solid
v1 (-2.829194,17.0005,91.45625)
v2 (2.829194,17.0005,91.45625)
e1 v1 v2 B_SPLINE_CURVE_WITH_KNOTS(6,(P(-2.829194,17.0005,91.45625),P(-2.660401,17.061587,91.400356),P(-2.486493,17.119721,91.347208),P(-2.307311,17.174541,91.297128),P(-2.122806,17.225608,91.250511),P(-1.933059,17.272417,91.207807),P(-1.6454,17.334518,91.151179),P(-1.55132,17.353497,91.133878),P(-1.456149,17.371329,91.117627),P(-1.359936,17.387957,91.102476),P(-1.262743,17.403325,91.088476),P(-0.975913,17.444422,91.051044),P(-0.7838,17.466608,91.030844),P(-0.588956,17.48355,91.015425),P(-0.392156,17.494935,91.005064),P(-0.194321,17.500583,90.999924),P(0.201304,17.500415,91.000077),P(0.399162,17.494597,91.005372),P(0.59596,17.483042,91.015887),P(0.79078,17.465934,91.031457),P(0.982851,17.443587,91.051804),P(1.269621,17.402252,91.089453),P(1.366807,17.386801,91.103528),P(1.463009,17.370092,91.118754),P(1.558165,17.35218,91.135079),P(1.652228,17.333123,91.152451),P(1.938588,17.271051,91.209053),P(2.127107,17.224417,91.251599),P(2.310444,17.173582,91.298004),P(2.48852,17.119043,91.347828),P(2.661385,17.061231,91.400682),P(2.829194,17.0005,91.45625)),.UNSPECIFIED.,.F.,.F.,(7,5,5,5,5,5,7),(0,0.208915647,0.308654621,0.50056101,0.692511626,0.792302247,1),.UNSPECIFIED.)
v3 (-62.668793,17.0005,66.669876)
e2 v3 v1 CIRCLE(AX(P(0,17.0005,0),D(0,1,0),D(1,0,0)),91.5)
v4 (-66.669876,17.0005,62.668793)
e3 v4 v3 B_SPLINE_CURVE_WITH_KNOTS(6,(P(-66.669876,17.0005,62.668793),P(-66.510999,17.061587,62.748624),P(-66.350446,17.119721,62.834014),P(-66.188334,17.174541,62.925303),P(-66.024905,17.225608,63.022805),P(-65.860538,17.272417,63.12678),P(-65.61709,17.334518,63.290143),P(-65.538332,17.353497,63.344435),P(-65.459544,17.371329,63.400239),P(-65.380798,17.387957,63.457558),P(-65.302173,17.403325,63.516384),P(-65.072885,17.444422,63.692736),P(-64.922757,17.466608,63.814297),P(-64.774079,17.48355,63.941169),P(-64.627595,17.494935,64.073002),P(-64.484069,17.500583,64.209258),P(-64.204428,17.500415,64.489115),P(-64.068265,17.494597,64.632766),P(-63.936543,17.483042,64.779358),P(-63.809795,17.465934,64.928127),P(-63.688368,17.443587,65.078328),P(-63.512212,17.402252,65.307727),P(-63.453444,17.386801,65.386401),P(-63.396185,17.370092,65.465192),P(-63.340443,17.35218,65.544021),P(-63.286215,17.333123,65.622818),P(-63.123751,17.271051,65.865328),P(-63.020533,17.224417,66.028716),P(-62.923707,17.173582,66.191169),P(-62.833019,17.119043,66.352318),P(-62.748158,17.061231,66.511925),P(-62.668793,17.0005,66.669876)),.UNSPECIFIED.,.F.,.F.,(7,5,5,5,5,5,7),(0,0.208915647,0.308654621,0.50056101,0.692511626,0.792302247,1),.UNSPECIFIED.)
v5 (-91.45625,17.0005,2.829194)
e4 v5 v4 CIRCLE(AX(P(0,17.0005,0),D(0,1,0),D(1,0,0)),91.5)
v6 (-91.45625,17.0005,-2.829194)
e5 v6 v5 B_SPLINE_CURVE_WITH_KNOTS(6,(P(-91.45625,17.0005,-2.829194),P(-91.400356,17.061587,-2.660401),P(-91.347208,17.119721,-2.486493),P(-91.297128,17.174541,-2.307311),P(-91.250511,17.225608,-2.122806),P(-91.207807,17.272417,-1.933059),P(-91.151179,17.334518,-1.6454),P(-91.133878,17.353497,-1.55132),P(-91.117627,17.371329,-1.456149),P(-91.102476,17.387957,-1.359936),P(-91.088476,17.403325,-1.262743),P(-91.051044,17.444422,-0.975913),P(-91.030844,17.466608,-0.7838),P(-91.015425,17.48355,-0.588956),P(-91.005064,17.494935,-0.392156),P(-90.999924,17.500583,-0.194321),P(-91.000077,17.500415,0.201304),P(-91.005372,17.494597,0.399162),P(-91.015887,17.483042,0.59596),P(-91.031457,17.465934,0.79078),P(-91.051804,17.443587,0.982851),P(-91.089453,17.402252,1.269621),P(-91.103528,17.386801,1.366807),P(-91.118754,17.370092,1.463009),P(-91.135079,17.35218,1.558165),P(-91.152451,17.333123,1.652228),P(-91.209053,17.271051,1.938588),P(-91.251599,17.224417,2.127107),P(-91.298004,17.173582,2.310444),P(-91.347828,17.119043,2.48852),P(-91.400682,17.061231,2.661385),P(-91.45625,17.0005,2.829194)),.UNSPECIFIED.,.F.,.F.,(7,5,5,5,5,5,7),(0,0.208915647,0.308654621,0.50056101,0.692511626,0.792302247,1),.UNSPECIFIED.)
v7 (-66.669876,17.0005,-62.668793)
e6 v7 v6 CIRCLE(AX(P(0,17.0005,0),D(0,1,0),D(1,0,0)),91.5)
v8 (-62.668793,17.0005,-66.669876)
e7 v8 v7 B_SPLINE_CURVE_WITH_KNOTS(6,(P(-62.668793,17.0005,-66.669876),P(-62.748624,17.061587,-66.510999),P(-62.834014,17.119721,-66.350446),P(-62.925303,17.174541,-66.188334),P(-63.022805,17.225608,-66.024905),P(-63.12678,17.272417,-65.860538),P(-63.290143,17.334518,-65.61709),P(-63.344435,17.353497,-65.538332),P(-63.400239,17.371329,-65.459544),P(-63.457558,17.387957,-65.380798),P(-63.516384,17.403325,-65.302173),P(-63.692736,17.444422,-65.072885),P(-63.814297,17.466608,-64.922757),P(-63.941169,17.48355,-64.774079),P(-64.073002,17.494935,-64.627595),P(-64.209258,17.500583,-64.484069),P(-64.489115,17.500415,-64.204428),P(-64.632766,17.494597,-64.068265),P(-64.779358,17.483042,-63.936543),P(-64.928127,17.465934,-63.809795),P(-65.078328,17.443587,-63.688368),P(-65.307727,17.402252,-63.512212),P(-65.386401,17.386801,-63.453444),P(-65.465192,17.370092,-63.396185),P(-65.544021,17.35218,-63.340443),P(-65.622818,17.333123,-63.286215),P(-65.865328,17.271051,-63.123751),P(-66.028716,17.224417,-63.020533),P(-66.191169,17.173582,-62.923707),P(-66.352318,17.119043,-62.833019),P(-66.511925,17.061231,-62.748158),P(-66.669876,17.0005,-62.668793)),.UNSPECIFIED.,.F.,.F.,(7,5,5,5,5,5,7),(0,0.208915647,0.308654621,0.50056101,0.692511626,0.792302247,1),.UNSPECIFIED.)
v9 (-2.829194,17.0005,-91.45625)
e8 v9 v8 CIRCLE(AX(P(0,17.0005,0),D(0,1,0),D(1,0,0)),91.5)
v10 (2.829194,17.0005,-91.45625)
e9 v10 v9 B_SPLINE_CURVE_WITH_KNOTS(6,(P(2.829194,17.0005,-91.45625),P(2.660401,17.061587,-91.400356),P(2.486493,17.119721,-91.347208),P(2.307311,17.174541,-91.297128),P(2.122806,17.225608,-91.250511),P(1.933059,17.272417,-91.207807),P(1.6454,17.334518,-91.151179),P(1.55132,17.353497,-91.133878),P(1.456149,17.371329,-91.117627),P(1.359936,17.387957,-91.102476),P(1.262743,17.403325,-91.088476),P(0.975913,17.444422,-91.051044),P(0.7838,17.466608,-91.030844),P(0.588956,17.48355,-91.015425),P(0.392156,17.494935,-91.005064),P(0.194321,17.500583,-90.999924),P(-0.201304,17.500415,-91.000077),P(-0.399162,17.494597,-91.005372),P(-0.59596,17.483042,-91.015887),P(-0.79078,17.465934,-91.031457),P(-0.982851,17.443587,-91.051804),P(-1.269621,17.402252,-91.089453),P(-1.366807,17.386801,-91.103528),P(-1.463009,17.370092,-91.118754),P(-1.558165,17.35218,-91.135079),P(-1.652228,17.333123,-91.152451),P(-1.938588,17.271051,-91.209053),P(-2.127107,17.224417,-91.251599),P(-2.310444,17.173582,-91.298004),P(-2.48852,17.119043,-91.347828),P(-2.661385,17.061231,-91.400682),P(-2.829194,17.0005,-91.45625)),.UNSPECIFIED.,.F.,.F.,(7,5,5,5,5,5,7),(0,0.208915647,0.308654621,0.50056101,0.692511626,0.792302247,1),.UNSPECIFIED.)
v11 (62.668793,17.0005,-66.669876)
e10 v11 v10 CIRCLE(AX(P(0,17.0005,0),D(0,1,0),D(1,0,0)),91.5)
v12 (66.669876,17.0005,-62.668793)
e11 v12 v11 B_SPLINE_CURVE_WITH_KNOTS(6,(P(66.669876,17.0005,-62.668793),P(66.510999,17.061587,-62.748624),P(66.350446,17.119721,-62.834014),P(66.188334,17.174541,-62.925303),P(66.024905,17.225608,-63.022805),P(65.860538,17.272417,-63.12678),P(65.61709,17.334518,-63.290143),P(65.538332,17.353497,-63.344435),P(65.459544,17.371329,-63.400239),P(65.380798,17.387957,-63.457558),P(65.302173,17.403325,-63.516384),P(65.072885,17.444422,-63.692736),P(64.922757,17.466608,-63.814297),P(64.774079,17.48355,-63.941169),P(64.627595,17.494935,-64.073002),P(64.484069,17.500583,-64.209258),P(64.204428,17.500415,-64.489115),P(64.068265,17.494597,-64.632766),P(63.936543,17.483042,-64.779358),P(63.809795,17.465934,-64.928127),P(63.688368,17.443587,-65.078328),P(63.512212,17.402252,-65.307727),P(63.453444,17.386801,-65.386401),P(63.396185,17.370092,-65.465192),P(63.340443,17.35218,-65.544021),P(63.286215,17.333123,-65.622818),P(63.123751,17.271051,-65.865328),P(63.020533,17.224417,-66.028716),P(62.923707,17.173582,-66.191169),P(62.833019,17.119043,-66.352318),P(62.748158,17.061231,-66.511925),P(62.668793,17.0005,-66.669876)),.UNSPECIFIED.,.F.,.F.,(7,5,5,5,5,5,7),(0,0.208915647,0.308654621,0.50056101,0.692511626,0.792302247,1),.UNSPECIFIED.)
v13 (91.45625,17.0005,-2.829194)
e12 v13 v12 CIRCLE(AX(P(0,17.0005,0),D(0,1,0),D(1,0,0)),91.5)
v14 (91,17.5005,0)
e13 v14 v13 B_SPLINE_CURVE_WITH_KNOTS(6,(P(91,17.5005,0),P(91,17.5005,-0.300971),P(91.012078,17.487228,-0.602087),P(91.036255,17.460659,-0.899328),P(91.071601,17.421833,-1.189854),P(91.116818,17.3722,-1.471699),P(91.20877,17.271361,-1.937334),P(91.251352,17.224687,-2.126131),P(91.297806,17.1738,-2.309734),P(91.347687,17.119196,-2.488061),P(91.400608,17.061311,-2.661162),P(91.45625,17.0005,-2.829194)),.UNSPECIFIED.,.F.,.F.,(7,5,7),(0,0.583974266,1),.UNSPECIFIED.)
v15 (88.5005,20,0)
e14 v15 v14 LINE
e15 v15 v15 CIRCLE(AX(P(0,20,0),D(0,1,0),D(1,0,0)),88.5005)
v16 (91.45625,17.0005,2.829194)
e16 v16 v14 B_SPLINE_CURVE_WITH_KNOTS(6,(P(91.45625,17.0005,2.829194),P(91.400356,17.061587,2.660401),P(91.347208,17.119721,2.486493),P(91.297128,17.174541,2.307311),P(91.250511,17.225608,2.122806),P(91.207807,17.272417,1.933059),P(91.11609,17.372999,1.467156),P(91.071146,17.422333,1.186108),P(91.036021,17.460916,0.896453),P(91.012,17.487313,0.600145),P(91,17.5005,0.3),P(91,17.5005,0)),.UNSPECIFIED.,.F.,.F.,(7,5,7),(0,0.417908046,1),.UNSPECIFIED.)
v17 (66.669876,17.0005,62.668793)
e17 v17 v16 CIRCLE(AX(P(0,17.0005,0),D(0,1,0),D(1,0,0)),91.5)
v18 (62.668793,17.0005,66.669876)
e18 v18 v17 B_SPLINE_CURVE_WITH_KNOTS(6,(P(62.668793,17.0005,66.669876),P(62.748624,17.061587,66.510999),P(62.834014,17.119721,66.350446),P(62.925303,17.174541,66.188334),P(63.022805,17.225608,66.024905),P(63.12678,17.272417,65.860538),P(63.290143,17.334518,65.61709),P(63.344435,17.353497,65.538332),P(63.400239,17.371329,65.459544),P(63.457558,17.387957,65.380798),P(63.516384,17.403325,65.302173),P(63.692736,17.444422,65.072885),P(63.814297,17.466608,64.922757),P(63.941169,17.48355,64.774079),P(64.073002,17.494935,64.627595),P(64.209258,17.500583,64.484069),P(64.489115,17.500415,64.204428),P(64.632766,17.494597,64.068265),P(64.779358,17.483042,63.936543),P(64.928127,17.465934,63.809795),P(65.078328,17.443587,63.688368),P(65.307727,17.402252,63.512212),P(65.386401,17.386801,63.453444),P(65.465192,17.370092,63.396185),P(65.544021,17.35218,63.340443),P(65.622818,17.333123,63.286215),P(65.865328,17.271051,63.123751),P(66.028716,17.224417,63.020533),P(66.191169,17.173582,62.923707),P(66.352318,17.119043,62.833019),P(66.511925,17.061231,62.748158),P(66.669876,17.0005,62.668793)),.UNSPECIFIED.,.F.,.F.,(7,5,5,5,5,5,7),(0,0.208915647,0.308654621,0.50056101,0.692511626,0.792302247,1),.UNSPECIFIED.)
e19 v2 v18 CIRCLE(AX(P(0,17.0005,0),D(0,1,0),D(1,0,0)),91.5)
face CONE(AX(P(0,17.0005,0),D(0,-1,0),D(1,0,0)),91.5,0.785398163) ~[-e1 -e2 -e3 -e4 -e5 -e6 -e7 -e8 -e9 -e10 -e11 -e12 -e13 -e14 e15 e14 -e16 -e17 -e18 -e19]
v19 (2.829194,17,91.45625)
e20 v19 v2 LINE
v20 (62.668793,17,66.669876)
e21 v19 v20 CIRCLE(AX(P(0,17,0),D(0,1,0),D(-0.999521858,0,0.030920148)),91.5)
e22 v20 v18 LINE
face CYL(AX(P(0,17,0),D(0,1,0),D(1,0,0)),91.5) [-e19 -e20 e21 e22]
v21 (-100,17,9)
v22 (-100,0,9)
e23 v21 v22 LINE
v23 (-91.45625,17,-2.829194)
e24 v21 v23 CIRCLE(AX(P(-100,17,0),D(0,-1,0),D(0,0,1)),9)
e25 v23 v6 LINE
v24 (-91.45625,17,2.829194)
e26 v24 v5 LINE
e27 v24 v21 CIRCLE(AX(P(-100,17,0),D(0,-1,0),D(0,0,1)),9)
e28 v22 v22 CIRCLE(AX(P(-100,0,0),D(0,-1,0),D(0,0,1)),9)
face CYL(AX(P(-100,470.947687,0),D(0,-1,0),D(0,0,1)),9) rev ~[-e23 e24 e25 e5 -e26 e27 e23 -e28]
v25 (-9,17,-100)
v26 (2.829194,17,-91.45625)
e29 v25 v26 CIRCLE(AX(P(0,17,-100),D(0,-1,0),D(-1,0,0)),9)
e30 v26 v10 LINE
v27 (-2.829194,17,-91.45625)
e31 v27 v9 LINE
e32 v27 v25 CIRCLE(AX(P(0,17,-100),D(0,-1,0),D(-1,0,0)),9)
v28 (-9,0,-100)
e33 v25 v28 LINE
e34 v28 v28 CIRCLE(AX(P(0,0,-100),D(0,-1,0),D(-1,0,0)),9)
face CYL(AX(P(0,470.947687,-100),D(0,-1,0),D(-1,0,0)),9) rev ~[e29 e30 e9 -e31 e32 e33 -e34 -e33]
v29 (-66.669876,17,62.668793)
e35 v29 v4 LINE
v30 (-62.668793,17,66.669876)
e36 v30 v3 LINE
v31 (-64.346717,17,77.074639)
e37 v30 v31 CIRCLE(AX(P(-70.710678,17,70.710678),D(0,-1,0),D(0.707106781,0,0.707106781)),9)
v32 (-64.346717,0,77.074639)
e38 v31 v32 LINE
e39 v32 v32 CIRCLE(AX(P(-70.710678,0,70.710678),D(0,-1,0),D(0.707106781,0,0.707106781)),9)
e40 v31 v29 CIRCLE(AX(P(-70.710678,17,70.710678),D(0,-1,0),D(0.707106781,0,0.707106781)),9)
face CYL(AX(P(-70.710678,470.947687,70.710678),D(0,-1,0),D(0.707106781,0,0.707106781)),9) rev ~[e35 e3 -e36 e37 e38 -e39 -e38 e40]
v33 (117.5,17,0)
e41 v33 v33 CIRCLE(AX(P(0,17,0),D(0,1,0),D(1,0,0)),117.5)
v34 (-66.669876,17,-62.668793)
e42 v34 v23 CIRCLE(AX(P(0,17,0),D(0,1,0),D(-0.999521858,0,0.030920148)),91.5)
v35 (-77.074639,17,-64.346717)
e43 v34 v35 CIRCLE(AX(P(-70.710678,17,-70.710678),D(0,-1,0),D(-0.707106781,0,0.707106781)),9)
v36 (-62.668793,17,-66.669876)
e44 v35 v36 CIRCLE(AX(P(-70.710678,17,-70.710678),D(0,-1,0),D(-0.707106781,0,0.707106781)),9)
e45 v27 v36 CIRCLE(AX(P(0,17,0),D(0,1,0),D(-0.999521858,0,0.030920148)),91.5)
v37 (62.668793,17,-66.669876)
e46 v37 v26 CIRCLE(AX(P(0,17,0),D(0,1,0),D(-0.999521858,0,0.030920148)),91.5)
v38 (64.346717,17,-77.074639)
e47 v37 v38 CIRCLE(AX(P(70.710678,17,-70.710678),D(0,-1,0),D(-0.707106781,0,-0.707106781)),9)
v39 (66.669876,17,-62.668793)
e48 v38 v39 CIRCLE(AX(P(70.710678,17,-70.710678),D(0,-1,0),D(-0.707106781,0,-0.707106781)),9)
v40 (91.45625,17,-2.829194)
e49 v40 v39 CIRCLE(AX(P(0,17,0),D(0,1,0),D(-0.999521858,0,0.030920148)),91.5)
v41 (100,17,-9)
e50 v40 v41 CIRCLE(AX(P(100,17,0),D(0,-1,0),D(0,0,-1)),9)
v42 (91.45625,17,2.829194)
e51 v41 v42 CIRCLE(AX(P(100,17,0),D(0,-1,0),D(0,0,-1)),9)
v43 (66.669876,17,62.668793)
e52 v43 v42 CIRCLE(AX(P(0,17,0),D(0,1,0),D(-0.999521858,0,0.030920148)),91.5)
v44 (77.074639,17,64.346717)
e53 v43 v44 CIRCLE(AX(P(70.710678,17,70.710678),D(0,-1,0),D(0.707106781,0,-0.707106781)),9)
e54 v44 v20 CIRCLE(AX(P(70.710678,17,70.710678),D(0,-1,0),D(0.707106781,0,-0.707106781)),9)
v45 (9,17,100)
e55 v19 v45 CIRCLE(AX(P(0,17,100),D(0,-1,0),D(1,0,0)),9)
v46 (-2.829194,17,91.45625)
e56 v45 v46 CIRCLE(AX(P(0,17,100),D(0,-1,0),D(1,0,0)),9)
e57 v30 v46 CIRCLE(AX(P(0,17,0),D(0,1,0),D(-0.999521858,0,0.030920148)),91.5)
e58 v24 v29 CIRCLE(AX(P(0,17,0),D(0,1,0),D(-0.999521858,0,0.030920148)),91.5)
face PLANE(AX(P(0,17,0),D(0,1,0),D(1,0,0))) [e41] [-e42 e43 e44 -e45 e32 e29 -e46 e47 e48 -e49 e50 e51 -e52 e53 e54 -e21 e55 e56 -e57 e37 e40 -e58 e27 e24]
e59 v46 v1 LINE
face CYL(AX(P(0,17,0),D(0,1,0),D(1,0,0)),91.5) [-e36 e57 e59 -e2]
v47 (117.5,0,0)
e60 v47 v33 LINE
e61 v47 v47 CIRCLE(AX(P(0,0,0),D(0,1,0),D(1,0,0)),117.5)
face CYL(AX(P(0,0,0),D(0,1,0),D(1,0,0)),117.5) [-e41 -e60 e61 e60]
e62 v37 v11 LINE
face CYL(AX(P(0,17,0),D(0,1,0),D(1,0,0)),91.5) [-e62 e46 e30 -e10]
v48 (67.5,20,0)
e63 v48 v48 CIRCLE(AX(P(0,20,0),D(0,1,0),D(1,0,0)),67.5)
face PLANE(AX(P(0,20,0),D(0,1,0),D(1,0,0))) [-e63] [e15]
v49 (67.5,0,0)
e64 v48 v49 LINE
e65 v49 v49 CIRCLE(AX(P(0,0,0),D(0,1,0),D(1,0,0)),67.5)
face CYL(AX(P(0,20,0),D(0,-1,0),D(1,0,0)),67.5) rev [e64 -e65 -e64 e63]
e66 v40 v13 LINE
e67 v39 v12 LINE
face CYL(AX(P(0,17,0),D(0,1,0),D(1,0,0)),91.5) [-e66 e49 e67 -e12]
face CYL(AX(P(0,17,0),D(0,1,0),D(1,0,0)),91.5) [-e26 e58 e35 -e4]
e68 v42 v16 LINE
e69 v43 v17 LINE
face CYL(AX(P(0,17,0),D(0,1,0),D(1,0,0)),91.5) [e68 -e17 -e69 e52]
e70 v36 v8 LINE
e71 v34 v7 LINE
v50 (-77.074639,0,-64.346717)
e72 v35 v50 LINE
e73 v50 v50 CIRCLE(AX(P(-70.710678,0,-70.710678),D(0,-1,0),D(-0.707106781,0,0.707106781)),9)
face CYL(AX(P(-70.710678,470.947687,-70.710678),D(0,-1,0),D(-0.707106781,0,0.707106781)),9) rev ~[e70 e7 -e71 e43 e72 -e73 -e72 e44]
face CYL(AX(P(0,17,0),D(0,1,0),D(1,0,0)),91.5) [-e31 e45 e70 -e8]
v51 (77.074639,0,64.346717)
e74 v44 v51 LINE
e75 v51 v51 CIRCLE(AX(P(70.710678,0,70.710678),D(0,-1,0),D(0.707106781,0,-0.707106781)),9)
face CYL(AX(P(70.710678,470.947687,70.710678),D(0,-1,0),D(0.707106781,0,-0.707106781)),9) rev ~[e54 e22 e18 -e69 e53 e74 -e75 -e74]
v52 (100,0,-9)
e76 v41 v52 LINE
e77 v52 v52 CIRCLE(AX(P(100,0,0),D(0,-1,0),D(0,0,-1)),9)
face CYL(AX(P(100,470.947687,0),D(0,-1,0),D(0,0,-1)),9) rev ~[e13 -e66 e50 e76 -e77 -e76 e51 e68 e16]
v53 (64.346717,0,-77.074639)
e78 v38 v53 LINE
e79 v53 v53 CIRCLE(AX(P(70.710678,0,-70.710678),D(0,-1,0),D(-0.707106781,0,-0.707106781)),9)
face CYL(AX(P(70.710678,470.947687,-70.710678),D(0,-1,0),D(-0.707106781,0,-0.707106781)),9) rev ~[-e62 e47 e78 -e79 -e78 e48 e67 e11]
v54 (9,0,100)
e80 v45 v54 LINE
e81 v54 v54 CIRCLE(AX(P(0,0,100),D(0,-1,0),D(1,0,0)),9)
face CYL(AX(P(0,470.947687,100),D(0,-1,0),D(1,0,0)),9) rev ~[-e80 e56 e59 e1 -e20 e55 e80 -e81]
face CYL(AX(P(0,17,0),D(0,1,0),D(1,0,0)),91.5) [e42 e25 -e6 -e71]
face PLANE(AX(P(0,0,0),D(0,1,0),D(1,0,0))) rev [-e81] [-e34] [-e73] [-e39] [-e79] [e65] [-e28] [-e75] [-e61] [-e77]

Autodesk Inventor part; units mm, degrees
ref_plane "YZ Plane" through (0, 0, 0) normal (1, 0, 0) x (0, 1, 0)
ref_plane "XZ Plane" through (0, 0, 0) normal (0, 1, 0) x (-1, 0, 0)
ref_plane "XY Plane" through (0, 0, 0) normal (0, 0, 1) x (1, 0, 0)
sketch "Sketch1" plane through (0, 0, 0) normal (0, 0, 1) x (1, 0, 0)
  line L0 (67.5, 20) -> (67.5, 0)
  line L1 (67.5, 0) -> (117.5, 0)
  line L2 (117.5, 0) -> (117.5, 17)
  line L3 (117.5, 17) -> (91.5, 17)
  line L4 (91.5, 17) -> (91.5, 20)
  line L5 (91.5, 20) -> (67.5, 20)
  line L6 (0, 0) -> (0, 46.5361)
  dimension "d0" = 50
  dimension "d1" = 24
  dimension "d2" = 135
  dimension "d3" = 17
  dimension "d4" = 20
revolve "Revolution1" add sketch "Sketch1" angle 360 about axis through (0, 0, 0) along (0, 1, 0)
chamfer "Chamfer1" distance 3 angle 45 1 edges at (-91.5, 20, 0)
sketch "Sketch2" plane through (0, 17, 0) normal (0, 1, 0) x (1, 0, 0)
  circle A0 centre (0, 0) radius 100
  point P0 (-100, 0)
  dimension "d9" = 200
hole "Hole1" at (-100, 17, 0) direction (0, -1, 0) diameter 18 end through all both
pattern_circular "Circular Pattern1" count 8 over 360 about axis through (0, 10, 0) along (0, 1, 0) of "Hole1"
properties part number "DMF Flange exit 2.0"
